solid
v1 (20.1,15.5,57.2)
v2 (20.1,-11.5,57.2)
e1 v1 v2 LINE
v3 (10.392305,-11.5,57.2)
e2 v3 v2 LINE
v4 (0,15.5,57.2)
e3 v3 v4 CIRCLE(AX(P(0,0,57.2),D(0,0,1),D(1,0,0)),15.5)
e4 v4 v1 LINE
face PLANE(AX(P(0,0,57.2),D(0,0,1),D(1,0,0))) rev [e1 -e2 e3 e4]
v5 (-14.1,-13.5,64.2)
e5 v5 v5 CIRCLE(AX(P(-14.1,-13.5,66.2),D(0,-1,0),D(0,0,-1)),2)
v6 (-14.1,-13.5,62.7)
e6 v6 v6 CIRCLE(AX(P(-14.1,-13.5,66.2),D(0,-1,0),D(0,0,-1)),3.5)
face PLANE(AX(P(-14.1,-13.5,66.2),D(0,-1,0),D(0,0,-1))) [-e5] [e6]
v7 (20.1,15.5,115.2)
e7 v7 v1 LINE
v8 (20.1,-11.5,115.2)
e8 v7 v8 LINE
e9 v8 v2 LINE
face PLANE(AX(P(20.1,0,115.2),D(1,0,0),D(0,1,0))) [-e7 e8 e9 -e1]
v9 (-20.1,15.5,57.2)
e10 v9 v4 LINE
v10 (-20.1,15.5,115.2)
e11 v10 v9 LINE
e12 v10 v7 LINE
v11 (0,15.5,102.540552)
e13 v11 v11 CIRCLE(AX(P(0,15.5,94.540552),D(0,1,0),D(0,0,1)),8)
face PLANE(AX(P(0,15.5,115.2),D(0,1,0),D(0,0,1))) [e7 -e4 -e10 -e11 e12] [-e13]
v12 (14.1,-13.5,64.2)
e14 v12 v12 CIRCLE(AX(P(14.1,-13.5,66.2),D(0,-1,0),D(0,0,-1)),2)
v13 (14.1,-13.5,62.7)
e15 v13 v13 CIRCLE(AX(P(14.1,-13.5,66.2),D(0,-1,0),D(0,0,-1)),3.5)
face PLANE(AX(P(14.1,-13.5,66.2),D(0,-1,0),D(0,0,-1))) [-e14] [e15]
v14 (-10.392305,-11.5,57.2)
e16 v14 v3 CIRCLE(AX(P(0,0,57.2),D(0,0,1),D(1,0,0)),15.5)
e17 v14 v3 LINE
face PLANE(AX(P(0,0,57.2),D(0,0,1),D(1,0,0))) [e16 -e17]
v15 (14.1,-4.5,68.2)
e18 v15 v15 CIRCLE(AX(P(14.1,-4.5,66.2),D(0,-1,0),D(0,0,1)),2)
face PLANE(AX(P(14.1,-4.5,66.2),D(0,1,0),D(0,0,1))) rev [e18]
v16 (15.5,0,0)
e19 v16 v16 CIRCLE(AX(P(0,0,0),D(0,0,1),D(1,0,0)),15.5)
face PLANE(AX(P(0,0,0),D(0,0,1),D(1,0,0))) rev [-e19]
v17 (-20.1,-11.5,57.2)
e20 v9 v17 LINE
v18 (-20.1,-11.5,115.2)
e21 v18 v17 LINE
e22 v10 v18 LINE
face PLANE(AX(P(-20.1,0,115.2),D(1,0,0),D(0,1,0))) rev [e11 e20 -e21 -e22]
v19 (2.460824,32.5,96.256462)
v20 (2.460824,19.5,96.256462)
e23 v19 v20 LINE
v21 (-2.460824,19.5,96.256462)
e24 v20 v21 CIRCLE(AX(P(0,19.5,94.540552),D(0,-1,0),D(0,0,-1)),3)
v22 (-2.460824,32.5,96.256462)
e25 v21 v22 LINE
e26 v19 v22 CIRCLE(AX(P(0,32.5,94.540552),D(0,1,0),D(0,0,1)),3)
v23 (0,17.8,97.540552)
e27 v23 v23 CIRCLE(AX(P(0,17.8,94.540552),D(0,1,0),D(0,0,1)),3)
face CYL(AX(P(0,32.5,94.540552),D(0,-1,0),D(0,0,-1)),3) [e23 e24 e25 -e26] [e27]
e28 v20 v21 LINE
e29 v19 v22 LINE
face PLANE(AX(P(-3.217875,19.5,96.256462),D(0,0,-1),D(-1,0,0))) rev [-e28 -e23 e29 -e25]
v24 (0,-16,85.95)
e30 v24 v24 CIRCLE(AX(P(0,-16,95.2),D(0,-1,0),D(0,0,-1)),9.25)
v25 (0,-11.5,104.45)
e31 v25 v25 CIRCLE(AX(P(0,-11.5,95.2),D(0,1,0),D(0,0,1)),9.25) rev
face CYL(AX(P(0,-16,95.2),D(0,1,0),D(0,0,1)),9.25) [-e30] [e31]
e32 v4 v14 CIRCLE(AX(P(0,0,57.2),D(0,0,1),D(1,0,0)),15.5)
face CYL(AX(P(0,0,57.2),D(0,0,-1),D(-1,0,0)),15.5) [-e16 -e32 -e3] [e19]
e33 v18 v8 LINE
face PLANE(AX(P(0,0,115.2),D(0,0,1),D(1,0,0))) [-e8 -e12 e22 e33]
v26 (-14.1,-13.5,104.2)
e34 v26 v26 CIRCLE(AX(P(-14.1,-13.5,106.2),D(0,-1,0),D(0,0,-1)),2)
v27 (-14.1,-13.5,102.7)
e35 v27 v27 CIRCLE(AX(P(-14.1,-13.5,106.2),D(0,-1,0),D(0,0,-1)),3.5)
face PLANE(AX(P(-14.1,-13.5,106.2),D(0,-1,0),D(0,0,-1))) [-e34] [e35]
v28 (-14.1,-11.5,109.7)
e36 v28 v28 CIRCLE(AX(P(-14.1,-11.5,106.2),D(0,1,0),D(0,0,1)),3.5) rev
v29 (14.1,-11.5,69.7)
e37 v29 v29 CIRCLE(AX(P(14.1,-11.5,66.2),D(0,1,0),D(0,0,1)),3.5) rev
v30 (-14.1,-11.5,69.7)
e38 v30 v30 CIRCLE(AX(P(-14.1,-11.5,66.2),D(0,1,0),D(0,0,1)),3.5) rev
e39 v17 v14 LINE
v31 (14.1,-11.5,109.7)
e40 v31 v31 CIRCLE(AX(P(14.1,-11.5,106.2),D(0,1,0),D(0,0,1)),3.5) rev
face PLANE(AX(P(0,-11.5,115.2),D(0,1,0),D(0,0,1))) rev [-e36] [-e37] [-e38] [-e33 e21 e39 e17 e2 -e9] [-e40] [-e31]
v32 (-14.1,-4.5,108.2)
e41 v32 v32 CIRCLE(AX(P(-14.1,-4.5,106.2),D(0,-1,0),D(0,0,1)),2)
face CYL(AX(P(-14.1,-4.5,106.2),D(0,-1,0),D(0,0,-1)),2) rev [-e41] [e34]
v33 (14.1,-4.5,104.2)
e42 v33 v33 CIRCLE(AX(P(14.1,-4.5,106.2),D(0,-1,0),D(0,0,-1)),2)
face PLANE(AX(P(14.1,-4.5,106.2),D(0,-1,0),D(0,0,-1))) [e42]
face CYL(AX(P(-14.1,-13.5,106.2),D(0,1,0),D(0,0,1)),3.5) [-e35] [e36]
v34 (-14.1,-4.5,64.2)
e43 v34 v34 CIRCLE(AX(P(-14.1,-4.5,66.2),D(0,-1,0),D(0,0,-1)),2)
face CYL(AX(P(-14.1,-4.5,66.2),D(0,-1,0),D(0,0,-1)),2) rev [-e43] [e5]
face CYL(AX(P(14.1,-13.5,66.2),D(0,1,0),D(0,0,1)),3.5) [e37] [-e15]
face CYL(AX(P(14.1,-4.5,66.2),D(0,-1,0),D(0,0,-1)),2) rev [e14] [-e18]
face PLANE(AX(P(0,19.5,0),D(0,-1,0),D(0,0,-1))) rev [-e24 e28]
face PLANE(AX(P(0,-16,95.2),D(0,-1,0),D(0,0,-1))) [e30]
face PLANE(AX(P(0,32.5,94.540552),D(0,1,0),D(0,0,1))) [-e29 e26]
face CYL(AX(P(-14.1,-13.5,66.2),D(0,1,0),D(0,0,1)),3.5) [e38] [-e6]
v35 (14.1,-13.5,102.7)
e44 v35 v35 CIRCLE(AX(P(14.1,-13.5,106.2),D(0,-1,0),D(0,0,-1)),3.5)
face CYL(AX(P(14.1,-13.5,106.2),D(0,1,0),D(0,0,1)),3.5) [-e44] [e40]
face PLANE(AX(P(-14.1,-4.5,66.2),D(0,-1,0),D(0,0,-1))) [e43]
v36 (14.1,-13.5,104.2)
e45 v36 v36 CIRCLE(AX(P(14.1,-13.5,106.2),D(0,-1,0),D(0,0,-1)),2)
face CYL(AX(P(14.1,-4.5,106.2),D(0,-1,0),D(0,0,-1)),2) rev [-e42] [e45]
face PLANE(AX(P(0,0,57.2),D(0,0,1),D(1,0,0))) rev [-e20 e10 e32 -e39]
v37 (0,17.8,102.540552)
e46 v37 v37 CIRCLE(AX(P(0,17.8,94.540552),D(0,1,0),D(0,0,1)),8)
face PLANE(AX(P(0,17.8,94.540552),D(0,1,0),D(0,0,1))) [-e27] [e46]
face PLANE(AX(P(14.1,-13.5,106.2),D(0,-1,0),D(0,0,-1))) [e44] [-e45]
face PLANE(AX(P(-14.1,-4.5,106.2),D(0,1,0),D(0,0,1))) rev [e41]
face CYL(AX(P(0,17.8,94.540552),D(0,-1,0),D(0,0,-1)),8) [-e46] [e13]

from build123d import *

# Parameters (mm, degrees)
SZKIC1_R                    = 15.5
DODANIE_WYCI_GNI_CIE1_DEPTH = 57.2
SZKIC2_W                    = 40.2
SZKIC2_H                    = 27
DODANIE_WYCI_GNI_CIE2_DEPTH = 58
SZKIC3_R                    = 8
DODANIE_WYCI_GNI_CIE3_DEPTH = 2.3
SZKIC4_R                    = 3
DODANIE_WYCI_GNI_CIE4_DEPTH = 14.7
SZKIC5_W                    = 6.794003974
SZKIC5_H                    = 1.284090098
WYTNIJ_WYCI_GNI_CIE1_DEPTH  = 13
SZKIC6_R                    = 2
WYTNIJ_WYCI_GNI_CIE2_DEPTH  = 7
SZKIC7_R                    = 9.25
DODANIE_WYCI_GNI_CIE5_DEPTH = 4.5
DODANIE_WYCI_GNI_CIE6_START = 2
SZKIC8_R                    = 3.5
SZKIC8_R_2                  = 2
DODANIE_WYCI_GNI_CIE6_DEPTH = 2


with BuildPart() as part:
    # Szkic1 → Dodanie-wyciągnięcie1 (new body)
    with BuildSketch(Plane.XY):
        Circle(SZKIC1_R)
    extrude(amount=DODANIE_WYCI_GNI_CIE1_DEPTH)

    # Szkic2 → Dodanie-wyciągnięcie2 (add)
    with BuildSketch(Plane.XY.offset(57.2)):
        with Locations((0, 2)):
            Rectangle(SZKIC2_W, SZKIC2_H)
    extrude(amount=DODANIE_WYCI_GNI_CIE2_DEPTH)

    # Szkic3 → Dodanie-wyciągnięcie3 (add)
    with BuildSketch(Plane(origin=(0, 15.5, 0), x_dir=(1, 0, 0), z_dir=(0, 1, 0))):
        with Locations(Location((0, -94.540551958, 0), (0, 0, 270))):
            Circle(SZKIC3_R)
    extrude(amount=DODANIE_WYCI_GNI_CIE3_DEPTH)

    # Szkic4 → Dodanie-wyciągnięcie4 (add)
    with BuildSketch(Plane(origin=(0, 17.8, 0), x_dir=(1, 0, 0), z_dir=(0, 1, 0))):
        with Locations(Location((0, -94.540551958, 0), (0, 0, 270))):
            Circle(SZKIC4_R)
    extrude(amount=DODANIE_WYCI_GNI_CIE4_DEPTH)

    # Szkic5 → Wytnij-wyciągnięcie1 (cut)
    with BuildSketch(Plane(origin=(0, 32.5, 0), x_dir=(1, 0, 0), z_dir=(0, 1, 0))):
        with Locations((0.179126758, -96.898506909)):
            Rectangle(SZKIC5_W, SZKIC5_H)
    extrude(amount=-WYTNIJ_WYCI_GNI_CIE1_DEPTH, mode=Mode.SUBTRACT)

    # Szkic6 → Wytnij-wyciągnięcie2 (cut)
    with BuildSketch(Plane.XZ.offset(11.5)):
        with Locations(Location((14.1, 106.2, 0), (0, 0, 270))):
            Circle(SZKIC6_R)
        with Locations(Location((14.1, 66.2, 0), (0, 0, 90))):
            Circle(SZKIC6_R)
        with Locations(Location((-14.1, 66.2, 0), (0, 0, 270))):
            Circle(SZKIC6_R)
        with Locations(Location((-14.1, 106.2, 0), (0, 0, 90))):
            Circle(SZKIC6_R)
    extrude(amount=-WYTNIJ_WYCI_GNI_CIE2_DEPTH, mode=Mode.SUBTRACT)

    # Szkic7 → Dodanie-wyciągnięcie5 (add)
    with BuildSketch(Plane.XZ.offset(11.5)):
        with Locations(Location((0, 95.2, 0), (0, 0, 90))):
            Circle(SZKIC7_R)
    extrude(amount=DODANIE_WYCI_GNI_CIE5_DEPTH)

    # Szkic8 → Dodanie-wyciągnięcie6 (add)
    # profile 1 of 4: a face of its own
    with BuildSketch(Plane.XZ.offset(11.5).offset(DODANIE_WYCI_GNI_CIE6_START)):
        with Locations(Location((14.1, 106.2, 0), (0, 0, 90))):
            Circle(SZKIC8_R)
        with Locations(Location((14.1, 106.2, 0), (0, 0, 270))):
            Circle(SZKIC8_R_2, mode=Mode.SUBTRACT)
    # profile 2 of 4: a face of its own
    with BuildSketch(Plane.XZ.offset(11.5).offset(DODANIE_WYCI_GNI_CIE6_START)):
        with Locations(Location((14.1, 66.2, 0), (0, 0, 90))):
            Circle(SZKIC8_R)
        with Locations(Location((14.1, 66.2, 0), (0, 0, 270))):
            Circle(SZKIC8_R_2, mode=Mode.SUBTRACT)
    # profile 3 of 4: a face of its own
    with BuildSketch(Plane.XZ.offset(11.5).offset(DODANIE_WYCI_GNI_CIE6_START)):
        with Locations(Location((-14.1, 66.2, 0), (0, 0, 90))):
            Circle(SZKIC8_R)
        with Locations(Location((-14.1, 66.2, 0), (0, 0, 270))):
            Circle(SZKIC8_R_2, mode=Mode.SUBTRACT)
    # profile 4 of 4: a face of its own
    with BuildSketch(Plane.XZ.offset(11.5).offset(DODANIE_WYCI_GNI_CIE6_START)):
        with Locations(Location((-14.1, 106.2, 0), (0, 0, 90))):
            Circle(SZKIC8_R)
        with Locations(Location((-14.1, 106.2, 0), (0, 0, 270))):
            Circle(SZKIC8_R_2, mode=Mode.SUBTRACT)
    extrude(amount=-DODANIE_WYCI_GNI_CIE6_DEPTH)


solid = part.part
